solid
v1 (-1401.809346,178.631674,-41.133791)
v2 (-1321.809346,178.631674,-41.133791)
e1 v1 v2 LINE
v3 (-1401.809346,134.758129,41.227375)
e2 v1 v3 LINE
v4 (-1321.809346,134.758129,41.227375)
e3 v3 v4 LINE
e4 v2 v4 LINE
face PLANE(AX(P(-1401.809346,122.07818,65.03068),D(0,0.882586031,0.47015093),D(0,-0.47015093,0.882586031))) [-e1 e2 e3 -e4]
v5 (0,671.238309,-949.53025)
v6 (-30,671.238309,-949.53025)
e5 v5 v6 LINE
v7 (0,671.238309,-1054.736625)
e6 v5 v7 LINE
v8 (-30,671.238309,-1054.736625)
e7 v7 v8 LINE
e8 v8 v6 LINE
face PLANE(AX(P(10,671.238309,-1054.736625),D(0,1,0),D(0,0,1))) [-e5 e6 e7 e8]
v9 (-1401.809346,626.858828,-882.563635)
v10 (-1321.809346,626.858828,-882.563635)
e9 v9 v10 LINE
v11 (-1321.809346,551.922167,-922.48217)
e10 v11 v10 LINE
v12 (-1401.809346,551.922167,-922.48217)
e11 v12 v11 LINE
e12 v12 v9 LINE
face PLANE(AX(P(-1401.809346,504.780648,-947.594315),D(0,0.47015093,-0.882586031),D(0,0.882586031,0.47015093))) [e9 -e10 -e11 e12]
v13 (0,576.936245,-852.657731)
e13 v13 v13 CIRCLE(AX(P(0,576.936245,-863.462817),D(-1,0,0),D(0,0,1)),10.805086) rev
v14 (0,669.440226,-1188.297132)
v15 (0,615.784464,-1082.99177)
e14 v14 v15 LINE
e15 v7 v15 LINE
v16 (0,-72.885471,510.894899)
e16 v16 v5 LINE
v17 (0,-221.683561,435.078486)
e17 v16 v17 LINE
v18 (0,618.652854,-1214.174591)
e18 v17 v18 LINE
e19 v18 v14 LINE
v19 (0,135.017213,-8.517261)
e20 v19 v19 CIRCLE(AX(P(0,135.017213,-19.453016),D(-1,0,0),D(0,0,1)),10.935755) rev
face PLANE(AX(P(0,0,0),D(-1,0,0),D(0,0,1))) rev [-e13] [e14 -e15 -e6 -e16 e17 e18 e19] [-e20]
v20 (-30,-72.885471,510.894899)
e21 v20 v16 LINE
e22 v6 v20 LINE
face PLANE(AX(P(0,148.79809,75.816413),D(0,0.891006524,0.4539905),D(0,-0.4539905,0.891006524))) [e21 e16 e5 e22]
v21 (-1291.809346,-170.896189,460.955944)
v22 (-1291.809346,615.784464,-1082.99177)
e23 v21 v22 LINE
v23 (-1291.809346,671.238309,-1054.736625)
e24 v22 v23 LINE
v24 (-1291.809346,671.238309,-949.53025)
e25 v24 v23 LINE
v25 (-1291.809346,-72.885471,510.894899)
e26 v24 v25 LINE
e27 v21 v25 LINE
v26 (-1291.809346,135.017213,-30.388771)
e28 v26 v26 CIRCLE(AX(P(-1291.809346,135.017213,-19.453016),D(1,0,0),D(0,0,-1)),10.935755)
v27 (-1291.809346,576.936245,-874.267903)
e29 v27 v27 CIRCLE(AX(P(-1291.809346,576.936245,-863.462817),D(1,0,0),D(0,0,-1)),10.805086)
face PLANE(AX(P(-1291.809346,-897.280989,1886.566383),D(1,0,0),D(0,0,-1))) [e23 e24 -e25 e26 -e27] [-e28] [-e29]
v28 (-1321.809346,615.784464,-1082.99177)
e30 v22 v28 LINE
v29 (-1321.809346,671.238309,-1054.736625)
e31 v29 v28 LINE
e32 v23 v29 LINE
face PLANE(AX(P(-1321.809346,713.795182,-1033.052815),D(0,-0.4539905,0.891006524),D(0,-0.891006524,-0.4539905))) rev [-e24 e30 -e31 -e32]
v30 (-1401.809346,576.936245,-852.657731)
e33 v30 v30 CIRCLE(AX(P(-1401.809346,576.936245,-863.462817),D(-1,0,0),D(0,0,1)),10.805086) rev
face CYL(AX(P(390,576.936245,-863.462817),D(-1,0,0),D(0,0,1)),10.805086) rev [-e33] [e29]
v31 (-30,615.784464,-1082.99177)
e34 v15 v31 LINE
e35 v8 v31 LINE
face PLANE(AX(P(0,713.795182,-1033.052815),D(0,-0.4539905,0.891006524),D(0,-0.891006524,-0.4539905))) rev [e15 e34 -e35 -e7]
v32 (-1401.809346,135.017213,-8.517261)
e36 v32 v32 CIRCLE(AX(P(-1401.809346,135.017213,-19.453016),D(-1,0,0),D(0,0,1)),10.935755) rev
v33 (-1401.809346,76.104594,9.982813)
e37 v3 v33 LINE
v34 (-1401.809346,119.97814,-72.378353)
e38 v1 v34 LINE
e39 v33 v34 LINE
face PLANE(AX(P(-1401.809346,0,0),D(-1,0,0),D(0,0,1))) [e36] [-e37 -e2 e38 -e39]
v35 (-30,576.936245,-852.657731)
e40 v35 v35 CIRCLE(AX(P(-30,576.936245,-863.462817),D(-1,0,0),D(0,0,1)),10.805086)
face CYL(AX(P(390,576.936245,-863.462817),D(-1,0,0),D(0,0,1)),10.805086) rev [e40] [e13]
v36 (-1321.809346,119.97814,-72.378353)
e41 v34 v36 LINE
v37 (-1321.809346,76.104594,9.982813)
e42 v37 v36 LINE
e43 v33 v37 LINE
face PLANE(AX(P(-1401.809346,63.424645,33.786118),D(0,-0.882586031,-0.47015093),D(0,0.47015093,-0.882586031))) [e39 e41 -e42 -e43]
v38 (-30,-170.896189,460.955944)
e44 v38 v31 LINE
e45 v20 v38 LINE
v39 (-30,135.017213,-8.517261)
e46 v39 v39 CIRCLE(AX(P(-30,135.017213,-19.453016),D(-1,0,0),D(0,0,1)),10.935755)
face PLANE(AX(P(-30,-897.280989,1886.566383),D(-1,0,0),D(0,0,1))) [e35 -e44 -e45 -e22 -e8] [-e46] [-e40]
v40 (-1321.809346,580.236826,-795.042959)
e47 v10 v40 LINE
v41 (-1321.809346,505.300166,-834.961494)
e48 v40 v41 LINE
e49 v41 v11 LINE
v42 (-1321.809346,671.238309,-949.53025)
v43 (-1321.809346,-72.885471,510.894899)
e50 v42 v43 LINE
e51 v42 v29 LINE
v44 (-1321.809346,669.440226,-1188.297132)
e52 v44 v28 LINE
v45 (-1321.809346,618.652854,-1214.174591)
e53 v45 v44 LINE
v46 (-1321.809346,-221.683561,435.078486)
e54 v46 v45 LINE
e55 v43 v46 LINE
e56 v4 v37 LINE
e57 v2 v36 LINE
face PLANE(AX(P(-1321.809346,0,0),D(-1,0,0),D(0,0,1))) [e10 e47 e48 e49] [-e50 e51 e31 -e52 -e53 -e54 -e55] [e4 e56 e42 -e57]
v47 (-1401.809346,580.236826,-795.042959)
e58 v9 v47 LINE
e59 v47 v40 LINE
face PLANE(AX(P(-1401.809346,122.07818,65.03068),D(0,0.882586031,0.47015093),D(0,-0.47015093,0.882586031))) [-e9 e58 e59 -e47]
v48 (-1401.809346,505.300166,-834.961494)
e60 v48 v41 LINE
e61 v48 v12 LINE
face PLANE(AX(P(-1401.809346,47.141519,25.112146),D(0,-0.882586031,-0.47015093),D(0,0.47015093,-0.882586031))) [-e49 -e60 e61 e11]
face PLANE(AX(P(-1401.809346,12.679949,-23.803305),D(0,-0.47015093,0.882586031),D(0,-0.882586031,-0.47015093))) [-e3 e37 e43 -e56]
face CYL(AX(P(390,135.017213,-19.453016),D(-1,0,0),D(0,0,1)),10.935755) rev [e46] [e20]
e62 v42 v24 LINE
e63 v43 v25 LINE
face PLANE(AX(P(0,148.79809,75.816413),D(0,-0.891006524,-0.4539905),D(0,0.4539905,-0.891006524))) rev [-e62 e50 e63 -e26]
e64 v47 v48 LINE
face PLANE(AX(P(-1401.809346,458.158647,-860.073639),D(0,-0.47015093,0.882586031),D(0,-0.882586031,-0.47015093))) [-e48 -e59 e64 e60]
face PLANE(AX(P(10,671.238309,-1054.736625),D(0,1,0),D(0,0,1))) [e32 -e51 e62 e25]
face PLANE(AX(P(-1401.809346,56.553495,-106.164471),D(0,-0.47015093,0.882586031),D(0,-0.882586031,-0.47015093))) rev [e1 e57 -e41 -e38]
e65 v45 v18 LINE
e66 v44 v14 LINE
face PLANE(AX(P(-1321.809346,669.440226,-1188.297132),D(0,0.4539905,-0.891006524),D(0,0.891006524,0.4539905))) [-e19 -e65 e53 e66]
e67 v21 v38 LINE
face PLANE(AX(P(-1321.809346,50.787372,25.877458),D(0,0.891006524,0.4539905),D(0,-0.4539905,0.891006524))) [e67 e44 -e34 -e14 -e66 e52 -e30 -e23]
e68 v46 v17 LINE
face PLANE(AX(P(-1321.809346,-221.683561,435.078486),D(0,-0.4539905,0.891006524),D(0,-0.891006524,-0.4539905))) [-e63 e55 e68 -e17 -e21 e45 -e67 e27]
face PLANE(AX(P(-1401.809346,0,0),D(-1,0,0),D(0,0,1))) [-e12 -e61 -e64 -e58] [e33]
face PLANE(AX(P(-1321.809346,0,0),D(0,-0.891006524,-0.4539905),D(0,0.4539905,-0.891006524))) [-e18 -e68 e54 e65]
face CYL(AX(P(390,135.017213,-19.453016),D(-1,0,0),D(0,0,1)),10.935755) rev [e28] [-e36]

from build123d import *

# Parameters (mm, degrees)
BOSS_EXTRUDE1_DEPTH     = 1321.809345804
BOSS_EXTRUDE2_DEPTH     = 110
BOSS_EXTRUDE4_DEPTH     = 80
CUT_EXTRUDE1_DEPTH      = 390
CUT_EXTRUDE1_DEPTH_BACK = 1710
SKETCH4_R               = 10.935754795
SKETCH4_R_2             = 10.805085865
CUT_EXTRUDE2_DEPTH      = 10
CUT_EXTRUDE2_DEPTH_BACK = 1600
CUT_EXTRUDE3_DEPTH      = 1600
CUT_EXTRUDE3_DEPTH_BACK = 1800
SKETCH7_W               = 1261.809345804
SKETCH7_H               = 148.826585301


with BuildPart() as part:
    # Sketch1 → Boss-Extrude1 (new body)
    with BuildSketch(Plane(origin=(0, 0, 0), x_dir=(0, 0, -1), z_dir=(1, 0, 0))):
        Polygon((0, 0), (1214.174590511, 618.652853995), (1188.297132026, 669.440225874), (-25.877458485, 50.787371879), (-460.955944246, -170.896189144), (-435.078485761, -221.683561023), align=None)
    extrude(amount=-BOSS_EXTRUDE1_DEPTH)

    # Sketch2 → Boss-Extrude2 (add)
    with BuildSketch(Plane(origin=(0, 50.787371879, 25.877458485), x_dir=(1, 0, 0), z_dir=(0, 0.8910065241883673, 0.453990499739548))):
        Polygon((0, 0), (0, -488.3), (-67.842597561, -488.3), (-67.842597561, 0), (-67.842597561, 1244.513029496), (0, 1244.513029496), align=None)
        Polygon((-1321.809345804, 0), (-1321.809345804, 1244.513029496), (-1253.966748243, 1244.513029496), (-1253.966748243, 0), (-1253.966748243, -488.3), (-1321.809345804, -488.3), align=None)
    extrude(amount=BOSS_EXTRUDE2_DEPTH)

    # Sketch3 → Boss-Extrude4 (add)
    with BuildSketch(Plane.ZY.offset(1321.809345804)):
        Polygon((-882.563635412, 626.858827585), (-795.042959323, 580.236826077), (-834.961493519, 505.300165527), (-922.482169607, 551.922167035), align=None)
        Polygon((-41.133790816, 178.631674443), (41.227375134, 134.758128502), (9.982813434, 76.104594213), (-72.378352516, 119.978140155), align=None)
    extrude(amount=BOSS_EXTRUDE4_DEPTH)

    # Sketch4 → Cut-Extrude1 (cut, two sides: drawn at the far end of the back side and taken through both)
    with BuildSketch(Plane(origin=(0, 0, 0), x_dir=(0, 0, -1), z_dir=(1, 0, 0)).offset(-CUT_EXTRUDE1_DEPTH_BACK)):
        with Locations(Location((19.453016292, 135.017213441, 0), (0, 0, 180))):
            Circle(SKETCH4_R)
        with Locations(Location((863.462816879, 576.936245259, 0), (0, 0, 180))):
            Circle(SKETCH4_R_2)
    extrude(amount=CUT_EXTRUDE1_DEPTH + CUT_EXTRUDE1_DEPTH_BACK, mode=Mode.SUBTRACT)

    # Sketch5 → Cut-Extrude2 (cut, two sides: drawn at the far end of the back side and taken through both)
    with BuildSketch(Plane(origin=(0, 0, 0), x_dir=(0, 0, -1), z_dir=(1, 0, 0)).offset(-CUT_EXTRUDE2_DEPTH_BACK)):
        Polygon((1033.052815262, 713.795181733), (1054.736624804, 671.238309325), (949.530250393, 671.238309325), align=None)
    extrude(amount=CUT_EXTRUDE2_DEPTH + CUT_EXTRUDE2_DEPTH_BACK, mode=Mode.SUBTRACT)

    # Sketch7 → Cut-Extrude3 (cut, two sides: drawn at the far end of the back side and taken through both)
    with BuildSketch(Plane(origin=(0, -221.683561023, 435.078485761), x_dir=(1, 0, 0), z_dir=(0, -0.453990499739547, 0.8910065241883678)).offset(-CUT_EXTRUDE3_DEPTH_BACK)):
        with Locations((-660.904672902, 131.413292651)):
            Rectangle(SKETCH7_W, SKETCH7_H)
    extrude(amount=CUT_EXTRUDE3_DEPTH + CUT_EXTRUDE3_DEPTH_BACK, mode=Mode.SUBTRACT)


solid = part.part
